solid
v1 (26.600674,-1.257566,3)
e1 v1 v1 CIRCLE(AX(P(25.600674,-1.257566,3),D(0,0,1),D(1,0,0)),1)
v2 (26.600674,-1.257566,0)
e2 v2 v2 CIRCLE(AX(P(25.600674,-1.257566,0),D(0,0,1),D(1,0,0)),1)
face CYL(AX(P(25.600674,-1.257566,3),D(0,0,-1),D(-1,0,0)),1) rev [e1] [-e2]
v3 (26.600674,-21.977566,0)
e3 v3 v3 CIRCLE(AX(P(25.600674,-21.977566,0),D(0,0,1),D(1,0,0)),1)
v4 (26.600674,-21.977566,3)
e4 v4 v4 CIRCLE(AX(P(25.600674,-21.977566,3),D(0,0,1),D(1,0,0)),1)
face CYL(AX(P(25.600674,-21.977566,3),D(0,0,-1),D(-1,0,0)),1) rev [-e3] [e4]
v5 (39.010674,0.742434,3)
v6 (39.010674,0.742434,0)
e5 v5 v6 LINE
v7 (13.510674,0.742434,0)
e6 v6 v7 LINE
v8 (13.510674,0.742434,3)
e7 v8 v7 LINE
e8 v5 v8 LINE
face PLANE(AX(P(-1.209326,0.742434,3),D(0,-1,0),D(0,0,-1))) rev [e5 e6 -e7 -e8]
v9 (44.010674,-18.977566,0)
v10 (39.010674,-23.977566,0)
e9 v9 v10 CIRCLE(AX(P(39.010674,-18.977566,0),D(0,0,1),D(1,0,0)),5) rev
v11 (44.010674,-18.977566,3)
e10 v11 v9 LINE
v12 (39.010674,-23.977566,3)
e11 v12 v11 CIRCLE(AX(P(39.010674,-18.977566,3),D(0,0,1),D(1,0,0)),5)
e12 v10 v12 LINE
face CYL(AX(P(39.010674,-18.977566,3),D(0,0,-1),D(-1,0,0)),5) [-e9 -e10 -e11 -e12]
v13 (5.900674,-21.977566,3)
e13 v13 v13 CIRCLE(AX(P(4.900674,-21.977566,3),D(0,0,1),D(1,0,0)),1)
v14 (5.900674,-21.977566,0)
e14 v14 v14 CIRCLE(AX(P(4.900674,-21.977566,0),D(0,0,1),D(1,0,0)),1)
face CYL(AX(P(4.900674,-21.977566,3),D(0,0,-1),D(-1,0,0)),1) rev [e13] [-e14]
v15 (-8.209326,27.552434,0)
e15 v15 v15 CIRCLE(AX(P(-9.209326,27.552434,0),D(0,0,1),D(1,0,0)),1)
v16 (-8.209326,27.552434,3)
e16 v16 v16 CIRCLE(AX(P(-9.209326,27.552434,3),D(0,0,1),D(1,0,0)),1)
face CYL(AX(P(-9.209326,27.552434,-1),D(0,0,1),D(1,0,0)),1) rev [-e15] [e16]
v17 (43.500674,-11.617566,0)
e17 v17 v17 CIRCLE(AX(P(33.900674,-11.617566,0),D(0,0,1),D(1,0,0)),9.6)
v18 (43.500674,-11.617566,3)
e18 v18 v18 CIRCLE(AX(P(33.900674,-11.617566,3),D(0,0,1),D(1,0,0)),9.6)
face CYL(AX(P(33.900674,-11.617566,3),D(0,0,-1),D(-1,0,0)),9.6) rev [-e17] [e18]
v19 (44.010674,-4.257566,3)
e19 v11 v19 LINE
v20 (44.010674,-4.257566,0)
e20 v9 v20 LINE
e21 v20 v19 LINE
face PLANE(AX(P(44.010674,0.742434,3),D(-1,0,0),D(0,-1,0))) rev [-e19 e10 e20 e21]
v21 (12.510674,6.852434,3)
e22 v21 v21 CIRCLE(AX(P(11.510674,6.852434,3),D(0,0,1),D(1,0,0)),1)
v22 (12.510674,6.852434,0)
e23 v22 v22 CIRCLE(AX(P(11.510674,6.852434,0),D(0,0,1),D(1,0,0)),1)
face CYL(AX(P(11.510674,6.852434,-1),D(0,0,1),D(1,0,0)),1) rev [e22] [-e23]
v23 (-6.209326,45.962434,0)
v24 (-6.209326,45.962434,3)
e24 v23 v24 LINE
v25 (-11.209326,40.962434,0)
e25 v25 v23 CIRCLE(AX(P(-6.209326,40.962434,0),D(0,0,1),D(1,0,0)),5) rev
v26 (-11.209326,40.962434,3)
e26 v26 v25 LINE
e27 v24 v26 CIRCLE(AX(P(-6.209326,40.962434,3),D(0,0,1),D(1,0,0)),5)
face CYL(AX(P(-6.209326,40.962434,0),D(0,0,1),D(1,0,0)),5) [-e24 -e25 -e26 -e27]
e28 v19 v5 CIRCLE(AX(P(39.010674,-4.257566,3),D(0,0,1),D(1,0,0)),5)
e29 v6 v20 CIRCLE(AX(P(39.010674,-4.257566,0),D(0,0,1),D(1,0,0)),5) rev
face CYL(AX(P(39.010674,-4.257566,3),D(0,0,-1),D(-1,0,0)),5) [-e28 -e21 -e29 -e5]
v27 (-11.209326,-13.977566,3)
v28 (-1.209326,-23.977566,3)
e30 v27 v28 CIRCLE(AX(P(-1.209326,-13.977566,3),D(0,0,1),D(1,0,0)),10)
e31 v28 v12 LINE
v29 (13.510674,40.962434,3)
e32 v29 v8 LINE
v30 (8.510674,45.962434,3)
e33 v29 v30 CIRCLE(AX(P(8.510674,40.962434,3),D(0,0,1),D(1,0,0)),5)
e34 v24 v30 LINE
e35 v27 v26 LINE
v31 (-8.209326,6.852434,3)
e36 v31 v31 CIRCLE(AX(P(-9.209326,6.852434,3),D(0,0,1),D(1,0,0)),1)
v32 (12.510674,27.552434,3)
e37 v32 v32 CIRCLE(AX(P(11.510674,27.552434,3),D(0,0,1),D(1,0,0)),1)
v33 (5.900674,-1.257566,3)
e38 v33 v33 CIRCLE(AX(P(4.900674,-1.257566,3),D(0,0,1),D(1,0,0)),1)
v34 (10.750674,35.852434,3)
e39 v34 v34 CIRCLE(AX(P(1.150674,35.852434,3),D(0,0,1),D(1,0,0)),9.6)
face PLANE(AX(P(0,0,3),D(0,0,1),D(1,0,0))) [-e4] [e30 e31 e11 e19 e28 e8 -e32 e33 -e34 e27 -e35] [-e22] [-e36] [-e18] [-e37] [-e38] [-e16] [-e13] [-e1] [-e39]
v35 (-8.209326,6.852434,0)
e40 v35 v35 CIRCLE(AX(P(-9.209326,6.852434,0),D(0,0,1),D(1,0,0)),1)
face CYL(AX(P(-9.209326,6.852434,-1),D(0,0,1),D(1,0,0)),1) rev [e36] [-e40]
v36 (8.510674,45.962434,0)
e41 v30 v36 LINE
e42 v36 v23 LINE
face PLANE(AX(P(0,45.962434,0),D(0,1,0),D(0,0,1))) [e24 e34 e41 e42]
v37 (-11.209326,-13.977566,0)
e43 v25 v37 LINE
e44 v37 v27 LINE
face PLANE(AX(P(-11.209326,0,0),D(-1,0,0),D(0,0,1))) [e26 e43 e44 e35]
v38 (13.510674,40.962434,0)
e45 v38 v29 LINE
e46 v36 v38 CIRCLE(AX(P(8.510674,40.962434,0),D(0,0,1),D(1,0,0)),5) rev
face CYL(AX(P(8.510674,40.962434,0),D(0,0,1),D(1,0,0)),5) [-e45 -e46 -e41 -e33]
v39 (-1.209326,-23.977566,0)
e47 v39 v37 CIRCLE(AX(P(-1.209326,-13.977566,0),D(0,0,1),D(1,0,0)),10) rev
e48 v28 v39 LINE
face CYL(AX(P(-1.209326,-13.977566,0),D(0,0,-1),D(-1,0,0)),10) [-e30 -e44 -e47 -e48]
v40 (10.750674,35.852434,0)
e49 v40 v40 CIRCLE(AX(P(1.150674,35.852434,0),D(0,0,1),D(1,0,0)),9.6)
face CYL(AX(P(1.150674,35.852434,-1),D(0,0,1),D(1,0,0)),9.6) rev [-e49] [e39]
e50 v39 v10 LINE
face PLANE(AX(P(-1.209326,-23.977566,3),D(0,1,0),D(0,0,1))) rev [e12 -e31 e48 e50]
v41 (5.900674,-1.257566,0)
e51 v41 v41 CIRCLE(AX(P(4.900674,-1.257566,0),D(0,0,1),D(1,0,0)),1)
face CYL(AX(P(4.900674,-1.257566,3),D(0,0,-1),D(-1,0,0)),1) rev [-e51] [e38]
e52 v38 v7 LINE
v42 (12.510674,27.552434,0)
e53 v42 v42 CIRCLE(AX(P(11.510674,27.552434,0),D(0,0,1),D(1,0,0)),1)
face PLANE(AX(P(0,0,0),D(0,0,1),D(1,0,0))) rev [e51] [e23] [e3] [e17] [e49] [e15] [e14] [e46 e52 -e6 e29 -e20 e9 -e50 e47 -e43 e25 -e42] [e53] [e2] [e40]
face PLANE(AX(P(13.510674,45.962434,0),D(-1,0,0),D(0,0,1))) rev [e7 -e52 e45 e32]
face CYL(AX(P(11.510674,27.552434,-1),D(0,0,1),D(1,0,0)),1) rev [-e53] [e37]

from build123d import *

# Parameters (mm, degrees)
SKETCH_1_W          = 45.22
SKETCH_1_H          = 24.72
SKETCH_1_R          = 9.6
SKETCH_1_R_2        = 1
EXTRUDE_1_DEPTH     = 3
SKETCH_2_W          = 3
SKETCH_2_H          = 24.72
EXTRUDE_2_DEPTH     = 10
SKETCH_3_W          = 24.72
SKETCH_3_H          = 3
EXTRUDE_3_DEPTH     = 45.22
SKETCH_4_R          = 9.6
SKETCH_4_R_2        = 1
CUT_EXTRUDE_1_DEPTH = 4
FILLET_3_R          = 10
FILLET_4_R          = 5
FILLET_5_R          = 5
FILLET_6_R          = 5
FILLET_7_R          = 5


with BuildPart() as part:
    # 草图1 → 凸台-拉伸1 (new body)
    with BuildSketch(Plane.XY):
        with Locations((21.400674487, -11.617565982)):
            Rectangle(SKETCH_1_W, SKETCH_1_H)
        with Locations((33.900674487, -11.617565982)):
            Circle(SKETCH_1_R, mode=Mode.SUBTRACT)
        with Locations((25.600674487, -1.257565982)):
            Circle(SKETCH_1_R_2, mode=Mode.SUBTRACT)
        with Locations((4.900674487, -1.257565982)):
            Circle(SKETCH_1_R_2, mode=Mode.SUBTRACT)
        with Locations((4.900674487, -21.977565982)):
            Circle(SKETCH_1_R_2, mode=Mode.SUBTRACT)
        with Locations((25.600674487, -21.977565982)):
            Circle(SKETCH_1_R_2, mode=Mode.SUBTRACT)
    extrude(amount=EXTRUDE_1_DEPTH)

    # 草图2 → 凸台-拉伸2 (add)
    with BuildSketch(Plane.ZY.offset(1.209325513)):
        with Locations((1.5, -11.617565982)):
            Rectangle(SKETCH_2_W, SKETCH_2_H)
    extrude(amount=EXTRUDE_2_DEPTH)

    # 草图3 → 凸台-拉伸3 (add)
    with BuildSketch(Plane(origin=(0, 0.742434018, 0), x_dir=(1, 0, 0), z_dir=(0, 1, 0))):
        with Locations((1.150674487, -1.5)):
            Rectangle(SKETCH_3_W, SKETCH_3_H)
    extrude(amount=EXTRUDE_3_DEPTH)

    # 草图4 → 切除-拉伸1 (cut)
    with BuildSketch(Plane.XY.offset(3)):
        with Locations((1.150674487, 35.852434018)):
            Circle(SKETCH_4_R)
        with Locations((-9.209325513, 27.552434018)):
            Circle(SKETCH_4_R_2)
        with Locations((11.510674487, 27.552434018)):
            Circle(SKETCH_4_R_2)
        with Locations((11.510674487, 6.852434018)):
            Circle(SKETCH_4_R_2)
        with Locations((-9.209325513, 6.852434018)):
            Circle(SKETCH_4_R_2)
    extrude(amount=-CUT_EXTRUDE_1_DEPTH, mode=Mode.SUBTRACT)

    # 圆角3
    fillet_3_edges = [part.edges().sort_by_distance(p)[0] for p in [
        (-11.209325513, -23.977565982, 1.5),
    ]]
    fillet(fillet_3_edges, radius=FILLET_3_R)

    # 圆角4
    fillet_4_edges = [part.edges().sort_by_distance(p)[0] for p in [
        (44.010674487, -23.977565982, 1.5),
    ]]
    fillet(fillet_4_edges, radius=FILLET_4_R)

    # 圆角5
    fillet_5_edges = [part.edges().sort_by_distance(p)[0] for p in [
        (44.010674487, 0.742434018, 1.5),
    ]]
    fillet(fillet_5_edges, radius=FILLET_5_R)

    # 圆角6
    fillet_6_edges = [part.edges().sort_by_distance(p)[0] for p in [
        (-11.209325513, 45.962434018, 1.5),
    ]]
    fillet(fillet_6_edges, radius=FILLET_6_R)

    # 圆角7
    fillet_7_edges = [part.edges().sort_by_distance(p)[0] for p in [
        (13.510674487, 45.962434018, 1.5),
    ]]
    fillet(fillet_7_edges, radius=FILLET_7_R)


solid = part.part
